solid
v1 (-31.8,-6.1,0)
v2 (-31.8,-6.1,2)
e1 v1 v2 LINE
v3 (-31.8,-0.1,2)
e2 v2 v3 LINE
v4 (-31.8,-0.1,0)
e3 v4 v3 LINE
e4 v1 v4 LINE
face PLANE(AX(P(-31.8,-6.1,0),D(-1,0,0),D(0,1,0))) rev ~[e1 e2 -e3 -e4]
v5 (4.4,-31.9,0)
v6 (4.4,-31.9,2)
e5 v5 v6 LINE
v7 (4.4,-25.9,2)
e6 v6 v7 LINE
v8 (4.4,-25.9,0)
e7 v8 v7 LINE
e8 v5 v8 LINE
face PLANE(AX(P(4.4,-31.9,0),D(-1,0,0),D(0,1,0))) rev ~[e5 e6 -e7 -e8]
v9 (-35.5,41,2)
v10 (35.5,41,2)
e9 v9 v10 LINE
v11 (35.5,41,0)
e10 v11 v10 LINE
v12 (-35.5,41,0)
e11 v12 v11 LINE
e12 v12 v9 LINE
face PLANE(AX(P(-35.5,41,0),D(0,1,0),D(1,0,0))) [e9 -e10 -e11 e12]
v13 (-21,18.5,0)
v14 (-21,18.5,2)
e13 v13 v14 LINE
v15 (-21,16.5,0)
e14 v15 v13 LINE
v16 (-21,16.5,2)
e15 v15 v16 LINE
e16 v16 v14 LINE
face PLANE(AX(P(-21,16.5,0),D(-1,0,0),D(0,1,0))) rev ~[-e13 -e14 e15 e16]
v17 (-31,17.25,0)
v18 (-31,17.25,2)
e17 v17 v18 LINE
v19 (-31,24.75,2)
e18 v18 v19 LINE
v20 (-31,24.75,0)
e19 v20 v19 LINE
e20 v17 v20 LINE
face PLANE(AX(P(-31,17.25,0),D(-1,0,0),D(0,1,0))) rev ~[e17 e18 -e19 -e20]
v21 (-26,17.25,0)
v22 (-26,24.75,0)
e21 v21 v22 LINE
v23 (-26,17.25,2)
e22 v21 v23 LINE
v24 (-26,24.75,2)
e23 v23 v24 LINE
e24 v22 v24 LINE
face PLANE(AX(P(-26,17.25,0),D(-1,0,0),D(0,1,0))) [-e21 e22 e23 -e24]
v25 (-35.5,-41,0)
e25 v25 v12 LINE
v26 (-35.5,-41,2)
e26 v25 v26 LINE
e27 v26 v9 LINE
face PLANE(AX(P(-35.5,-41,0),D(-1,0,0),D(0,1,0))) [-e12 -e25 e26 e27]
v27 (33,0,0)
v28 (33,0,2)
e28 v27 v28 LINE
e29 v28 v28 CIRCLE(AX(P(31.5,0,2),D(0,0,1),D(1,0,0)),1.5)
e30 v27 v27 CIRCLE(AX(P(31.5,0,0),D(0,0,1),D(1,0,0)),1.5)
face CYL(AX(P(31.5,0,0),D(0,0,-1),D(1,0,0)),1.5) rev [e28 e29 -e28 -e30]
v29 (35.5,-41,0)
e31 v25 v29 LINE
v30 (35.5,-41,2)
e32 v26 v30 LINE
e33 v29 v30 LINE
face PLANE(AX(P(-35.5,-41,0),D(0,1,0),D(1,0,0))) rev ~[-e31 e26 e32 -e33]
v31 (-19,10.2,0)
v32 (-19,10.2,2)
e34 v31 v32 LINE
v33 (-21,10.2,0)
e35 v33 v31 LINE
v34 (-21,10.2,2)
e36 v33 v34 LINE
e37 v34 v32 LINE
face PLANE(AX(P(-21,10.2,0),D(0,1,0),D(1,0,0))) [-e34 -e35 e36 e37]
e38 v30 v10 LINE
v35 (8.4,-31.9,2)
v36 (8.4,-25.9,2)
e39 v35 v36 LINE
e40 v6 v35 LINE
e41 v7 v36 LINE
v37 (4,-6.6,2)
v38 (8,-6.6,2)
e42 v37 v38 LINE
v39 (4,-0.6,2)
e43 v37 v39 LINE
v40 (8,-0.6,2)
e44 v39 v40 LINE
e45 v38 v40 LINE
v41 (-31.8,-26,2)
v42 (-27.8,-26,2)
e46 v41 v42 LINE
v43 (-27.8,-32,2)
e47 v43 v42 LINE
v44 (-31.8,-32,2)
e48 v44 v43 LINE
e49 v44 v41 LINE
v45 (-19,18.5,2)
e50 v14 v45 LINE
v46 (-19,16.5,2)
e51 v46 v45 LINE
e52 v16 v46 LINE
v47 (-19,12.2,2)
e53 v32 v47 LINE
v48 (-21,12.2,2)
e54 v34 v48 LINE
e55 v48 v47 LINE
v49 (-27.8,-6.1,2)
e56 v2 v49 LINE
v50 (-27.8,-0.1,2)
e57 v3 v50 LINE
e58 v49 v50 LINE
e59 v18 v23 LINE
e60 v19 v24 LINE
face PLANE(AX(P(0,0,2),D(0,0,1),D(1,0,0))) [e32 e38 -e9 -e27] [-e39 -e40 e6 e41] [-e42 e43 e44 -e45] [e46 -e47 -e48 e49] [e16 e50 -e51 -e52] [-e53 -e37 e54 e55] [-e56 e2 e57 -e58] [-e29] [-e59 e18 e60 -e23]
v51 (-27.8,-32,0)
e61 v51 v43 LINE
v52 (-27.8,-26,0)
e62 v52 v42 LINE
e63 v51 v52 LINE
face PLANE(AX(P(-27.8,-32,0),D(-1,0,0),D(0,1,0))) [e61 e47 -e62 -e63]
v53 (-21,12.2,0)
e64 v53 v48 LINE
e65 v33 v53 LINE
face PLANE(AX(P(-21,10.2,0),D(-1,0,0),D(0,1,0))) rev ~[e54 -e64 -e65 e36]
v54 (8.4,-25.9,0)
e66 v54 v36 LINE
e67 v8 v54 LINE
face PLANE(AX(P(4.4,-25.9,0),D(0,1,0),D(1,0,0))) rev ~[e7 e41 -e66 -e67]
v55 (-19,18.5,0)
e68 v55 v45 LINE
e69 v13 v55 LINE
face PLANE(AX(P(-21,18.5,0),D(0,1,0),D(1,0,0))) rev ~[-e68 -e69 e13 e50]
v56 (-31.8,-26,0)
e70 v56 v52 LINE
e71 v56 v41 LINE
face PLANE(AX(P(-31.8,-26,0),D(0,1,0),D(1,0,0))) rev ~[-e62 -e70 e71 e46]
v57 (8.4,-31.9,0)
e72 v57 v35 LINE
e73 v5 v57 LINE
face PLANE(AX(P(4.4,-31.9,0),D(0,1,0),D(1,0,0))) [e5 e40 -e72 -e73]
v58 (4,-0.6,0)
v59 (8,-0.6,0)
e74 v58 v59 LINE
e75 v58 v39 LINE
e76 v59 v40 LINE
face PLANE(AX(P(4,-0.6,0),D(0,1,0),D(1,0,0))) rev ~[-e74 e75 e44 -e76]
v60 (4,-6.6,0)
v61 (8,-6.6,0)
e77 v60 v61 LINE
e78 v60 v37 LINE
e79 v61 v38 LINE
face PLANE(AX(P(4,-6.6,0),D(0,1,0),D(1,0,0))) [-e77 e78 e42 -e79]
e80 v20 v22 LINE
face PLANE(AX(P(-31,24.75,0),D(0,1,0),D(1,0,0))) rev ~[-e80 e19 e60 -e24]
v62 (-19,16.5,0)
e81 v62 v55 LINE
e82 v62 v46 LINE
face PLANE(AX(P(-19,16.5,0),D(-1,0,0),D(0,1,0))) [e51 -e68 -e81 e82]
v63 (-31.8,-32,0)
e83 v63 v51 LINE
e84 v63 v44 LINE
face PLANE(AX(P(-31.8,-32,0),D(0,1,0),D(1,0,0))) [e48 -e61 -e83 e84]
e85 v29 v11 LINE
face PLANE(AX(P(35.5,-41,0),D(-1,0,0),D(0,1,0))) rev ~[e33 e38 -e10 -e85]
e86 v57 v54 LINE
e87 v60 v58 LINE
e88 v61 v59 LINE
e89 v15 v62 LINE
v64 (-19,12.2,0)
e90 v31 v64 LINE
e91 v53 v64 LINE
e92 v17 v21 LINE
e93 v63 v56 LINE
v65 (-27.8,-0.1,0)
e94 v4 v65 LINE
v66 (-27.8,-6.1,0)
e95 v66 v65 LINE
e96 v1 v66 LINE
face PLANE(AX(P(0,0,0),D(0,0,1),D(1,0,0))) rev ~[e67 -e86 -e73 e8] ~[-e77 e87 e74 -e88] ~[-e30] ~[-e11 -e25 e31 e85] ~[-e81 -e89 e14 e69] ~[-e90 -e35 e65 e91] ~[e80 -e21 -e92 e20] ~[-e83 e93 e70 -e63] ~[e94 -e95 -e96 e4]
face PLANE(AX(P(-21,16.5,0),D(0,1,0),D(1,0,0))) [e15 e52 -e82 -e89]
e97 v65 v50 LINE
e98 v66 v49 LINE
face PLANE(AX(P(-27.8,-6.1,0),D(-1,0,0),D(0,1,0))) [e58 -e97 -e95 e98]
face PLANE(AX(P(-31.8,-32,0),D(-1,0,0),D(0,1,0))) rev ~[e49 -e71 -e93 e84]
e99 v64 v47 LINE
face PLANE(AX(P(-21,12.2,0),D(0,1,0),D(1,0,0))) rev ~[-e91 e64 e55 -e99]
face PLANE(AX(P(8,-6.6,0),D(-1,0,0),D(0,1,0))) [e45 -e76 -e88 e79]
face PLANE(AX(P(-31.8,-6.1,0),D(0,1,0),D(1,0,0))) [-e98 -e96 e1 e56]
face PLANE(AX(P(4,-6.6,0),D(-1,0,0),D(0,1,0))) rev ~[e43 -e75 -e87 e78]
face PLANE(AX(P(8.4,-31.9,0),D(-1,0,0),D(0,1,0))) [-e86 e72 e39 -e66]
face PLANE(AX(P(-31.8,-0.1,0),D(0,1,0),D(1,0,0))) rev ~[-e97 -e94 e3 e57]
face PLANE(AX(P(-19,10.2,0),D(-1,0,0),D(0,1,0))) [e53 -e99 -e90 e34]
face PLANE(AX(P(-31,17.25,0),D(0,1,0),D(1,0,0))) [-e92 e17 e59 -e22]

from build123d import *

# Parameters (mm, degrees)
F0_W     = 71
F0_H     = 82
F0_W_2   = 4
F0_H_2   = 6
F0_W_3   = 2
F0_H_3   = 2
F0_W_4   = 5
F0_H_4   = 7.5
F0_R     = 1.5
F1_DEPTH = 2


with BuildPart() as f1:
    # F0 (on Top) → F1 (new body)
    with BuildSketch(Plane.XY):
        Rectangle(F0_W, F0_H)
        with Locations((-29.8, -29)):
            Rectangle(F0_W_2, F0_H_2, mode=Mode.SUBTRACT)
        with Locations((-29.8, -3.1)):
            Rectangle(F0_W_2, F0_H_2, mode=Mode.SUBTRACT)
        with Locations((6.4, -28.9)):
            Rectangle(F0_W_2, F0_H_2, mode=Mode.SUBTRACT)
        with Locations((6, -3.6)):
            Rectangle(F0_W_2, F0_H_2, mode=Mode.SUBTRACT)
        with Locations((-20, 11.2)):
            Rectangle(F0_W_3, F0_H_3, mode=Mode.SUBTRACT)
        with Locations((-20, 17.5)):
            Rectangle(F0_W_3, F0_H_3, mode=Mode.SUBTRACT)
        with Locations((-28.5, 21)):
            Rectangle(F0_W_4, F0_H_4, mode=Mode.SUBTRACT)
        with Locations((31.5, 0)):
            Circle(F0_R, mode=Mode.SUBTRACT)
    extrude(amount=F1_DEPTH)


solid = f1.part
